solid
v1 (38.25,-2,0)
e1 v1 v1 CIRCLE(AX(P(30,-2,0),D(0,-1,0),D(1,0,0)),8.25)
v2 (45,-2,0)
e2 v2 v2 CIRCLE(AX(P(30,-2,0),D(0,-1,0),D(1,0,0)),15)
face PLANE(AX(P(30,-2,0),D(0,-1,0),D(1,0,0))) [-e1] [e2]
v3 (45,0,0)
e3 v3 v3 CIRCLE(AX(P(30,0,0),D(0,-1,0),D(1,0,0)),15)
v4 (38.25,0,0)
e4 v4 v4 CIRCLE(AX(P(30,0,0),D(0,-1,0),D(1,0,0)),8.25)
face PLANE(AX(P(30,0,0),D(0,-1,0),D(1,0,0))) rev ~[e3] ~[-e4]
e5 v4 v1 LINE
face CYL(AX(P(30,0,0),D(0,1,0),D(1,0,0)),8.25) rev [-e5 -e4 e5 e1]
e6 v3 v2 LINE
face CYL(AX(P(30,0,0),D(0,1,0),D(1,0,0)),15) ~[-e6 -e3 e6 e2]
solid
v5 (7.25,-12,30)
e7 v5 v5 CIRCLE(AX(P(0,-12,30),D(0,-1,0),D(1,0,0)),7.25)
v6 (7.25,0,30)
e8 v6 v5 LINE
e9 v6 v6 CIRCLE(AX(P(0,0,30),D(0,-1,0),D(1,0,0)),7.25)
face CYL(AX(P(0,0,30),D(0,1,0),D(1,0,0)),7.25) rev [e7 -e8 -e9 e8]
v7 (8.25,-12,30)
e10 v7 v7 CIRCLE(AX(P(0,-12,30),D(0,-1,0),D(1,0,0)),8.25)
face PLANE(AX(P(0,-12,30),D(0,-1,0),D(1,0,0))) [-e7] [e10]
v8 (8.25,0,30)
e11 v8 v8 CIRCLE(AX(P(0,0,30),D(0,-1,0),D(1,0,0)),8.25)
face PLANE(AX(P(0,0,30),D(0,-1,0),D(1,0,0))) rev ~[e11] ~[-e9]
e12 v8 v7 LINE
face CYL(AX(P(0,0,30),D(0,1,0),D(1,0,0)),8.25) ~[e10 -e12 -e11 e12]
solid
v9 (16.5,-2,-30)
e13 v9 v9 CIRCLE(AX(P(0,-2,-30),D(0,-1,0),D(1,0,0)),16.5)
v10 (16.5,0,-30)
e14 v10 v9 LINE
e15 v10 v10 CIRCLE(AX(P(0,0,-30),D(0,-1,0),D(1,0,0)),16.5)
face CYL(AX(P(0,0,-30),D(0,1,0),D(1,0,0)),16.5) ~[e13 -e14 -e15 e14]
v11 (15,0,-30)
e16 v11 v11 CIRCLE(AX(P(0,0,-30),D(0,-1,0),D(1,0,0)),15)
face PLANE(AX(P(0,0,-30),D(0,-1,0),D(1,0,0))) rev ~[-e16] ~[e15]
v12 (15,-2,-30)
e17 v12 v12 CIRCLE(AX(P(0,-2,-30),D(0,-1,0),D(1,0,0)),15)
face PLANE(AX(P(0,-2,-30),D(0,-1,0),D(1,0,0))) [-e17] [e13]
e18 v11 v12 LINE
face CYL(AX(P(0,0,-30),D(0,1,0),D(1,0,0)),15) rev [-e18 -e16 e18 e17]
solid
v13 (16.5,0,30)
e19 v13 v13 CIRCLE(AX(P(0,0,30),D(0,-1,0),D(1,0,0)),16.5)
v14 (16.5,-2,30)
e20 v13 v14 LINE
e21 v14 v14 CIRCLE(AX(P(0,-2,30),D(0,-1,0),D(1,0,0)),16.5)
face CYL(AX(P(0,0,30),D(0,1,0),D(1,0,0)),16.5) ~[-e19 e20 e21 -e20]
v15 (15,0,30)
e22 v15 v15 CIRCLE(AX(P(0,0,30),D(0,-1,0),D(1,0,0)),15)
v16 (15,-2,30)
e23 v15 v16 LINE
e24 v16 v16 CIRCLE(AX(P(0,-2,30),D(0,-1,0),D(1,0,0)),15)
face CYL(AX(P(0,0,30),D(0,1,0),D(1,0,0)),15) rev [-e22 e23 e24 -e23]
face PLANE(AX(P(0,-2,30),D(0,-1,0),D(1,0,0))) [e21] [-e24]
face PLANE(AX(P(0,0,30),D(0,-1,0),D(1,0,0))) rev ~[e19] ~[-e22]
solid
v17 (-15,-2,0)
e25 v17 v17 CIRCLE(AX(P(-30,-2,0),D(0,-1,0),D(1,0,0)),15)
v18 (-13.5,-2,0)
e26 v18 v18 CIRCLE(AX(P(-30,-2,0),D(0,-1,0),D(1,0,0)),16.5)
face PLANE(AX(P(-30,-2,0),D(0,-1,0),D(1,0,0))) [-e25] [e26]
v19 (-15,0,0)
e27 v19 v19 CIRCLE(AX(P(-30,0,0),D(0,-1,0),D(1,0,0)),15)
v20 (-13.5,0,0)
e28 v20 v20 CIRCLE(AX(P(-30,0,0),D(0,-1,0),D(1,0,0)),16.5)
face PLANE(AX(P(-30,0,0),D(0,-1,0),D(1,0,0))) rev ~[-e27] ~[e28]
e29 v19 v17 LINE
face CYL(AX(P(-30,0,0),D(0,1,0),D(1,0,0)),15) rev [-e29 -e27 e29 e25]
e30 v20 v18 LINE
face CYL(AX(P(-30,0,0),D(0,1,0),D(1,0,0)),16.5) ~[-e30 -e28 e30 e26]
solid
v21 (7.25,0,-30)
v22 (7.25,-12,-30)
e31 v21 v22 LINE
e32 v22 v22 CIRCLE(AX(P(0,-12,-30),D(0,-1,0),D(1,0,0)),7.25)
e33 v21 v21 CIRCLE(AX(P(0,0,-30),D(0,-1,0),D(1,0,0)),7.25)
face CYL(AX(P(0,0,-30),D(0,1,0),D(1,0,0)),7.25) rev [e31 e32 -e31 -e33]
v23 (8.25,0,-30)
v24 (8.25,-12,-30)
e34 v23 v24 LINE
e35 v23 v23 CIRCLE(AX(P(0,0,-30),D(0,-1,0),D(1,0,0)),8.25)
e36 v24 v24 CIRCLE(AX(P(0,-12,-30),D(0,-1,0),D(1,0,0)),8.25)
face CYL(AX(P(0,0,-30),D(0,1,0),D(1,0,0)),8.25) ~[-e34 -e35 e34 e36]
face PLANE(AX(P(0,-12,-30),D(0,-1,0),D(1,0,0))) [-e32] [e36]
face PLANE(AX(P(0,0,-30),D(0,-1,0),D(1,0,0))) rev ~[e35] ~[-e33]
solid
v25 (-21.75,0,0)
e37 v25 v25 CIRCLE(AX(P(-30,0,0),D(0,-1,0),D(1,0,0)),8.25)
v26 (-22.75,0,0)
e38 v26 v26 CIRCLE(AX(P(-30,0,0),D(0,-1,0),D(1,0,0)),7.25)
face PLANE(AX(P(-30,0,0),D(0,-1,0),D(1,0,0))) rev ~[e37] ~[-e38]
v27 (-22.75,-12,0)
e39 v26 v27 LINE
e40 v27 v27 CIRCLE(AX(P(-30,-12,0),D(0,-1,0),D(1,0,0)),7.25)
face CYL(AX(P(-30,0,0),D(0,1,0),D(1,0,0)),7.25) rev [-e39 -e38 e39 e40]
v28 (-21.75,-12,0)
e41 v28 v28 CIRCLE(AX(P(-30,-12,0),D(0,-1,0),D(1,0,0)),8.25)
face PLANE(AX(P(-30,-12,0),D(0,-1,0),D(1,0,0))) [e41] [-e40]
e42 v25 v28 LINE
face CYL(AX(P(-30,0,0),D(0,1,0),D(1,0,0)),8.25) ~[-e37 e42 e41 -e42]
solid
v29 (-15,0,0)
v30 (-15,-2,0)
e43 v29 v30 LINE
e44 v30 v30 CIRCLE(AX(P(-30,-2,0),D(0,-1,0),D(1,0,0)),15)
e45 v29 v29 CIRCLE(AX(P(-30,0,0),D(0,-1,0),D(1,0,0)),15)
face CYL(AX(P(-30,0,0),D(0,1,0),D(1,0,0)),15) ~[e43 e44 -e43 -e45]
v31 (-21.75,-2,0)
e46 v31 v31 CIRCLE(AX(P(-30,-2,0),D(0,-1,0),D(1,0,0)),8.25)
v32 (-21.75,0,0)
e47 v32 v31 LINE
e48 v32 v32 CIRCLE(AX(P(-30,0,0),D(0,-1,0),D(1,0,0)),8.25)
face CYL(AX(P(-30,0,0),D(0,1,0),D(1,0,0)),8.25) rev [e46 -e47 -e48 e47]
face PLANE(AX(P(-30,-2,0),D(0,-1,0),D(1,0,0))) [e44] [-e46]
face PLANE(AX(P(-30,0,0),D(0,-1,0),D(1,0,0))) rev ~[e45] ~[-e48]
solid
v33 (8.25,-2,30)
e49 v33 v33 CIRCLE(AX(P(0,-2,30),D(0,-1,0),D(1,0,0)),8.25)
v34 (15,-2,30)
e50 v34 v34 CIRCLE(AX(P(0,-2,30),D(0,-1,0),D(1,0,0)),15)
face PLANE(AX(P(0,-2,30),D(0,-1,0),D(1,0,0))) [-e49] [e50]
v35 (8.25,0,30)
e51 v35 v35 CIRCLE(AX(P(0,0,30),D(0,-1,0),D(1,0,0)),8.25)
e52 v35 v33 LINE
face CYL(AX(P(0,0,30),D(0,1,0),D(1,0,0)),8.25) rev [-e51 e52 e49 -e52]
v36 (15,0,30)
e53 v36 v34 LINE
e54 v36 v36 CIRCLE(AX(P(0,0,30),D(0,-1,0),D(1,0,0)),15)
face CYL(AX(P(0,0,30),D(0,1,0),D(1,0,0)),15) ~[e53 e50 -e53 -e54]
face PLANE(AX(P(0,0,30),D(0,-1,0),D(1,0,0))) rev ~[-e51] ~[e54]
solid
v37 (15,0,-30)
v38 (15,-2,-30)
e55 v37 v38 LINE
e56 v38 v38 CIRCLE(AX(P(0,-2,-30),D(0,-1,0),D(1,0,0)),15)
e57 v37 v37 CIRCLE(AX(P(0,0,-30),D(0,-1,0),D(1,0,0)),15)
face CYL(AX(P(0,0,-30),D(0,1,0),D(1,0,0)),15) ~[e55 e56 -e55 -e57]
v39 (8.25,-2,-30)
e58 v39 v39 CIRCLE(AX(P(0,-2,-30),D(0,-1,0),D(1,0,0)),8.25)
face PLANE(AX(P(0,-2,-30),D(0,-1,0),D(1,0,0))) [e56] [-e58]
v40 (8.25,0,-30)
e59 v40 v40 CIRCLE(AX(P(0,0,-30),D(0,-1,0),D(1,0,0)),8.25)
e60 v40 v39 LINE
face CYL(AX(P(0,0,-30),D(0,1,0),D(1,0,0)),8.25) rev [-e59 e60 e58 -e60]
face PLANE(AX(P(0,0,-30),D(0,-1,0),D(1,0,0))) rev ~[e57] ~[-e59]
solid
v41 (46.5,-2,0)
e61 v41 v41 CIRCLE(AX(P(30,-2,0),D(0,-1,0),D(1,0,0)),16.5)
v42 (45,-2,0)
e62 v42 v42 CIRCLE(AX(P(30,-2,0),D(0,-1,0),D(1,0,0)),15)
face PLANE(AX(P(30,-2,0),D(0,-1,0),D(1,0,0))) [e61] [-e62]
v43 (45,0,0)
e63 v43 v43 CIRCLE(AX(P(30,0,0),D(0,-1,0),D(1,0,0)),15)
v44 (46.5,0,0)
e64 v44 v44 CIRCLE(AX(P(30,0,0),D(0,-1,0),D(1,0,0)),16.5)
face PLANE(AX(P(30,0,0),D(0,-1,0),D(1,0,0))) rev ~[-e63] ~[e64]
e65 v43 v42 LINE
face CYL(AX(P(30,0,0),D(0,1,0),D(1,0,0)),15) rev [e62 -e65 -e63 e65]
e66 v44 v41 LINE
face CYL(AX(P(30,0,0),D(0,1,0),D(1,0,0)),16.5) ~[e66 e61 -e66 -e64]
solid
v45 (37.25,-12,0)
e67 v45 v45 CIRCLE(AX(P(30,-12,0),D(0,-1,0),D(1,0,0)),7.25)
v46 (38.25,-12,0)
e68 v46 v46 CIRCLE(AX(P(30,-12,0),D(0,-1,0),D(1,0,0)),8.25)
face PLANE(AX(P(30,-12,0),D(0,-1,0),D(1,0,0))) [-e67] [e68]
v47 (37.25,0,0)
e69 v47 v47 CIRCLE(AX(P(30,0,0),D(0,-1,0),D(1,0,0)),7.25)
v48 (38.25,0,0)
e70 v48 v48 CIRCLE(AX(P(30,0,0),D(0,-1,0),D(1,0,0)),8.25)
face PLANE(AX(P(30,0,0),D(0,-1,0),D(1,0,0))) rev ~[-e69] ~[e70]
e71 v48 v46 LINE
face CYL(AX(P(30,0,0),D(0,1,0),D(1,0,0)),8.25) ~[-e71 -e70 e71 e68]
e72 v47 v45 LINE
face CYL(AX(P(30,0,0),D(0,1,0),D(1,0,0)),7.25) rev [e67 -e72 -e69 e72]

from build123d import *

# Parameters (mm, degrees)
F0_R     = 8.25
F0_R_2   = 7.25
F1_DEPTH = 12
F0_R_3   = 15
F2_DEPTH = 2
F0_R_4   = 16.5
F3_DEPTH = 2


with BuildPart() as f1:
    # F0 (on Front) → F1 (new body)
    with BuildSketch(Plane.XZ):
        with Locations((-30, 0)):
            Circle(F0_R)
        with Locations((-30, 0)):
            Circle(F0_R_2, mode=Mode.SUBTRACT)
        with Locations((0, -30)):
            Circle(F0_R)
        with Locations((0, -30)):
            Circle(F0_R_2, mode=Mode.SUBTRACT)
        with Locations((30, 0)):
            Circle(F0_R)
        with Locations((30, 0)):
            Circle(F0_R_2, mode=Mode.SUBTRACT)
        with Locations((0, 30)):
            Circle(F0_R)
        with Locations((0, 30)):
            Circle(F0_R_2, mode=Mode.SUBTRACT)
    extrude(amount=F1_DEPTH)


with BuildPart() as f2:
    # F0 (on Front) → F2 (new body)
    with BuildSketch(Plane.XZ):
        with Locations((-30, 0)):
            Circle(F0_R_3)
        with Locations((-30, 0)):
            Circle(F0_R, mode=Mode.SUBTRACT)
        with Locations((0, -30)):
            Circle(F0_R_3)
        with Locations((0, -30)):
            Circle(F0_R, mode=Mode.SUBTRACT)
        with Locations((30, 0)):
            Circle(F0_R_3)
        with Locations((30, 0)):
            Circle(F0_R, mode=Mode.SUBTRACT)
        with Locations((0, 30)):
            Circle(F0_R_3)
        with Locations((0, 30)):
            Circle(F0_R, mode=Mode.SUBTRACT)
    extrude(amount=F2_DEPTH)


with BuildPart() as f3:
    # F0 (on Front) → F3 (new body)
    with BuildSketch(Plane.XZ):
        with Locations((30, 0)):
            Circle(F0_R_4)
        with Locations((30, 0)):
            Circle(F0_R_3, mode=Mode.SUBTRACT)
        with Locations((0, -30)):
            Circle(F0_R_4)
        with Locations((0, -30)):
            Circle(F0_R_3, mode=Mode.SUBTRACT)
        with Locations((-30, 0)):
            Circle(F0_R_4)
        with Locations((-30, 0)):
            Circle(F0_R_3, mode=Mode.SUBTRACT)
        with Locations((0, 30)):
            Circle(F0_R_4)
        with Locations((0, 30)):
            Circle(F0_R_3, mode=Mode.SUBTRACT)
    extrude(amount=F3_DEPTH)


solid = Compound([f1.part, f2.part, f3.part])
